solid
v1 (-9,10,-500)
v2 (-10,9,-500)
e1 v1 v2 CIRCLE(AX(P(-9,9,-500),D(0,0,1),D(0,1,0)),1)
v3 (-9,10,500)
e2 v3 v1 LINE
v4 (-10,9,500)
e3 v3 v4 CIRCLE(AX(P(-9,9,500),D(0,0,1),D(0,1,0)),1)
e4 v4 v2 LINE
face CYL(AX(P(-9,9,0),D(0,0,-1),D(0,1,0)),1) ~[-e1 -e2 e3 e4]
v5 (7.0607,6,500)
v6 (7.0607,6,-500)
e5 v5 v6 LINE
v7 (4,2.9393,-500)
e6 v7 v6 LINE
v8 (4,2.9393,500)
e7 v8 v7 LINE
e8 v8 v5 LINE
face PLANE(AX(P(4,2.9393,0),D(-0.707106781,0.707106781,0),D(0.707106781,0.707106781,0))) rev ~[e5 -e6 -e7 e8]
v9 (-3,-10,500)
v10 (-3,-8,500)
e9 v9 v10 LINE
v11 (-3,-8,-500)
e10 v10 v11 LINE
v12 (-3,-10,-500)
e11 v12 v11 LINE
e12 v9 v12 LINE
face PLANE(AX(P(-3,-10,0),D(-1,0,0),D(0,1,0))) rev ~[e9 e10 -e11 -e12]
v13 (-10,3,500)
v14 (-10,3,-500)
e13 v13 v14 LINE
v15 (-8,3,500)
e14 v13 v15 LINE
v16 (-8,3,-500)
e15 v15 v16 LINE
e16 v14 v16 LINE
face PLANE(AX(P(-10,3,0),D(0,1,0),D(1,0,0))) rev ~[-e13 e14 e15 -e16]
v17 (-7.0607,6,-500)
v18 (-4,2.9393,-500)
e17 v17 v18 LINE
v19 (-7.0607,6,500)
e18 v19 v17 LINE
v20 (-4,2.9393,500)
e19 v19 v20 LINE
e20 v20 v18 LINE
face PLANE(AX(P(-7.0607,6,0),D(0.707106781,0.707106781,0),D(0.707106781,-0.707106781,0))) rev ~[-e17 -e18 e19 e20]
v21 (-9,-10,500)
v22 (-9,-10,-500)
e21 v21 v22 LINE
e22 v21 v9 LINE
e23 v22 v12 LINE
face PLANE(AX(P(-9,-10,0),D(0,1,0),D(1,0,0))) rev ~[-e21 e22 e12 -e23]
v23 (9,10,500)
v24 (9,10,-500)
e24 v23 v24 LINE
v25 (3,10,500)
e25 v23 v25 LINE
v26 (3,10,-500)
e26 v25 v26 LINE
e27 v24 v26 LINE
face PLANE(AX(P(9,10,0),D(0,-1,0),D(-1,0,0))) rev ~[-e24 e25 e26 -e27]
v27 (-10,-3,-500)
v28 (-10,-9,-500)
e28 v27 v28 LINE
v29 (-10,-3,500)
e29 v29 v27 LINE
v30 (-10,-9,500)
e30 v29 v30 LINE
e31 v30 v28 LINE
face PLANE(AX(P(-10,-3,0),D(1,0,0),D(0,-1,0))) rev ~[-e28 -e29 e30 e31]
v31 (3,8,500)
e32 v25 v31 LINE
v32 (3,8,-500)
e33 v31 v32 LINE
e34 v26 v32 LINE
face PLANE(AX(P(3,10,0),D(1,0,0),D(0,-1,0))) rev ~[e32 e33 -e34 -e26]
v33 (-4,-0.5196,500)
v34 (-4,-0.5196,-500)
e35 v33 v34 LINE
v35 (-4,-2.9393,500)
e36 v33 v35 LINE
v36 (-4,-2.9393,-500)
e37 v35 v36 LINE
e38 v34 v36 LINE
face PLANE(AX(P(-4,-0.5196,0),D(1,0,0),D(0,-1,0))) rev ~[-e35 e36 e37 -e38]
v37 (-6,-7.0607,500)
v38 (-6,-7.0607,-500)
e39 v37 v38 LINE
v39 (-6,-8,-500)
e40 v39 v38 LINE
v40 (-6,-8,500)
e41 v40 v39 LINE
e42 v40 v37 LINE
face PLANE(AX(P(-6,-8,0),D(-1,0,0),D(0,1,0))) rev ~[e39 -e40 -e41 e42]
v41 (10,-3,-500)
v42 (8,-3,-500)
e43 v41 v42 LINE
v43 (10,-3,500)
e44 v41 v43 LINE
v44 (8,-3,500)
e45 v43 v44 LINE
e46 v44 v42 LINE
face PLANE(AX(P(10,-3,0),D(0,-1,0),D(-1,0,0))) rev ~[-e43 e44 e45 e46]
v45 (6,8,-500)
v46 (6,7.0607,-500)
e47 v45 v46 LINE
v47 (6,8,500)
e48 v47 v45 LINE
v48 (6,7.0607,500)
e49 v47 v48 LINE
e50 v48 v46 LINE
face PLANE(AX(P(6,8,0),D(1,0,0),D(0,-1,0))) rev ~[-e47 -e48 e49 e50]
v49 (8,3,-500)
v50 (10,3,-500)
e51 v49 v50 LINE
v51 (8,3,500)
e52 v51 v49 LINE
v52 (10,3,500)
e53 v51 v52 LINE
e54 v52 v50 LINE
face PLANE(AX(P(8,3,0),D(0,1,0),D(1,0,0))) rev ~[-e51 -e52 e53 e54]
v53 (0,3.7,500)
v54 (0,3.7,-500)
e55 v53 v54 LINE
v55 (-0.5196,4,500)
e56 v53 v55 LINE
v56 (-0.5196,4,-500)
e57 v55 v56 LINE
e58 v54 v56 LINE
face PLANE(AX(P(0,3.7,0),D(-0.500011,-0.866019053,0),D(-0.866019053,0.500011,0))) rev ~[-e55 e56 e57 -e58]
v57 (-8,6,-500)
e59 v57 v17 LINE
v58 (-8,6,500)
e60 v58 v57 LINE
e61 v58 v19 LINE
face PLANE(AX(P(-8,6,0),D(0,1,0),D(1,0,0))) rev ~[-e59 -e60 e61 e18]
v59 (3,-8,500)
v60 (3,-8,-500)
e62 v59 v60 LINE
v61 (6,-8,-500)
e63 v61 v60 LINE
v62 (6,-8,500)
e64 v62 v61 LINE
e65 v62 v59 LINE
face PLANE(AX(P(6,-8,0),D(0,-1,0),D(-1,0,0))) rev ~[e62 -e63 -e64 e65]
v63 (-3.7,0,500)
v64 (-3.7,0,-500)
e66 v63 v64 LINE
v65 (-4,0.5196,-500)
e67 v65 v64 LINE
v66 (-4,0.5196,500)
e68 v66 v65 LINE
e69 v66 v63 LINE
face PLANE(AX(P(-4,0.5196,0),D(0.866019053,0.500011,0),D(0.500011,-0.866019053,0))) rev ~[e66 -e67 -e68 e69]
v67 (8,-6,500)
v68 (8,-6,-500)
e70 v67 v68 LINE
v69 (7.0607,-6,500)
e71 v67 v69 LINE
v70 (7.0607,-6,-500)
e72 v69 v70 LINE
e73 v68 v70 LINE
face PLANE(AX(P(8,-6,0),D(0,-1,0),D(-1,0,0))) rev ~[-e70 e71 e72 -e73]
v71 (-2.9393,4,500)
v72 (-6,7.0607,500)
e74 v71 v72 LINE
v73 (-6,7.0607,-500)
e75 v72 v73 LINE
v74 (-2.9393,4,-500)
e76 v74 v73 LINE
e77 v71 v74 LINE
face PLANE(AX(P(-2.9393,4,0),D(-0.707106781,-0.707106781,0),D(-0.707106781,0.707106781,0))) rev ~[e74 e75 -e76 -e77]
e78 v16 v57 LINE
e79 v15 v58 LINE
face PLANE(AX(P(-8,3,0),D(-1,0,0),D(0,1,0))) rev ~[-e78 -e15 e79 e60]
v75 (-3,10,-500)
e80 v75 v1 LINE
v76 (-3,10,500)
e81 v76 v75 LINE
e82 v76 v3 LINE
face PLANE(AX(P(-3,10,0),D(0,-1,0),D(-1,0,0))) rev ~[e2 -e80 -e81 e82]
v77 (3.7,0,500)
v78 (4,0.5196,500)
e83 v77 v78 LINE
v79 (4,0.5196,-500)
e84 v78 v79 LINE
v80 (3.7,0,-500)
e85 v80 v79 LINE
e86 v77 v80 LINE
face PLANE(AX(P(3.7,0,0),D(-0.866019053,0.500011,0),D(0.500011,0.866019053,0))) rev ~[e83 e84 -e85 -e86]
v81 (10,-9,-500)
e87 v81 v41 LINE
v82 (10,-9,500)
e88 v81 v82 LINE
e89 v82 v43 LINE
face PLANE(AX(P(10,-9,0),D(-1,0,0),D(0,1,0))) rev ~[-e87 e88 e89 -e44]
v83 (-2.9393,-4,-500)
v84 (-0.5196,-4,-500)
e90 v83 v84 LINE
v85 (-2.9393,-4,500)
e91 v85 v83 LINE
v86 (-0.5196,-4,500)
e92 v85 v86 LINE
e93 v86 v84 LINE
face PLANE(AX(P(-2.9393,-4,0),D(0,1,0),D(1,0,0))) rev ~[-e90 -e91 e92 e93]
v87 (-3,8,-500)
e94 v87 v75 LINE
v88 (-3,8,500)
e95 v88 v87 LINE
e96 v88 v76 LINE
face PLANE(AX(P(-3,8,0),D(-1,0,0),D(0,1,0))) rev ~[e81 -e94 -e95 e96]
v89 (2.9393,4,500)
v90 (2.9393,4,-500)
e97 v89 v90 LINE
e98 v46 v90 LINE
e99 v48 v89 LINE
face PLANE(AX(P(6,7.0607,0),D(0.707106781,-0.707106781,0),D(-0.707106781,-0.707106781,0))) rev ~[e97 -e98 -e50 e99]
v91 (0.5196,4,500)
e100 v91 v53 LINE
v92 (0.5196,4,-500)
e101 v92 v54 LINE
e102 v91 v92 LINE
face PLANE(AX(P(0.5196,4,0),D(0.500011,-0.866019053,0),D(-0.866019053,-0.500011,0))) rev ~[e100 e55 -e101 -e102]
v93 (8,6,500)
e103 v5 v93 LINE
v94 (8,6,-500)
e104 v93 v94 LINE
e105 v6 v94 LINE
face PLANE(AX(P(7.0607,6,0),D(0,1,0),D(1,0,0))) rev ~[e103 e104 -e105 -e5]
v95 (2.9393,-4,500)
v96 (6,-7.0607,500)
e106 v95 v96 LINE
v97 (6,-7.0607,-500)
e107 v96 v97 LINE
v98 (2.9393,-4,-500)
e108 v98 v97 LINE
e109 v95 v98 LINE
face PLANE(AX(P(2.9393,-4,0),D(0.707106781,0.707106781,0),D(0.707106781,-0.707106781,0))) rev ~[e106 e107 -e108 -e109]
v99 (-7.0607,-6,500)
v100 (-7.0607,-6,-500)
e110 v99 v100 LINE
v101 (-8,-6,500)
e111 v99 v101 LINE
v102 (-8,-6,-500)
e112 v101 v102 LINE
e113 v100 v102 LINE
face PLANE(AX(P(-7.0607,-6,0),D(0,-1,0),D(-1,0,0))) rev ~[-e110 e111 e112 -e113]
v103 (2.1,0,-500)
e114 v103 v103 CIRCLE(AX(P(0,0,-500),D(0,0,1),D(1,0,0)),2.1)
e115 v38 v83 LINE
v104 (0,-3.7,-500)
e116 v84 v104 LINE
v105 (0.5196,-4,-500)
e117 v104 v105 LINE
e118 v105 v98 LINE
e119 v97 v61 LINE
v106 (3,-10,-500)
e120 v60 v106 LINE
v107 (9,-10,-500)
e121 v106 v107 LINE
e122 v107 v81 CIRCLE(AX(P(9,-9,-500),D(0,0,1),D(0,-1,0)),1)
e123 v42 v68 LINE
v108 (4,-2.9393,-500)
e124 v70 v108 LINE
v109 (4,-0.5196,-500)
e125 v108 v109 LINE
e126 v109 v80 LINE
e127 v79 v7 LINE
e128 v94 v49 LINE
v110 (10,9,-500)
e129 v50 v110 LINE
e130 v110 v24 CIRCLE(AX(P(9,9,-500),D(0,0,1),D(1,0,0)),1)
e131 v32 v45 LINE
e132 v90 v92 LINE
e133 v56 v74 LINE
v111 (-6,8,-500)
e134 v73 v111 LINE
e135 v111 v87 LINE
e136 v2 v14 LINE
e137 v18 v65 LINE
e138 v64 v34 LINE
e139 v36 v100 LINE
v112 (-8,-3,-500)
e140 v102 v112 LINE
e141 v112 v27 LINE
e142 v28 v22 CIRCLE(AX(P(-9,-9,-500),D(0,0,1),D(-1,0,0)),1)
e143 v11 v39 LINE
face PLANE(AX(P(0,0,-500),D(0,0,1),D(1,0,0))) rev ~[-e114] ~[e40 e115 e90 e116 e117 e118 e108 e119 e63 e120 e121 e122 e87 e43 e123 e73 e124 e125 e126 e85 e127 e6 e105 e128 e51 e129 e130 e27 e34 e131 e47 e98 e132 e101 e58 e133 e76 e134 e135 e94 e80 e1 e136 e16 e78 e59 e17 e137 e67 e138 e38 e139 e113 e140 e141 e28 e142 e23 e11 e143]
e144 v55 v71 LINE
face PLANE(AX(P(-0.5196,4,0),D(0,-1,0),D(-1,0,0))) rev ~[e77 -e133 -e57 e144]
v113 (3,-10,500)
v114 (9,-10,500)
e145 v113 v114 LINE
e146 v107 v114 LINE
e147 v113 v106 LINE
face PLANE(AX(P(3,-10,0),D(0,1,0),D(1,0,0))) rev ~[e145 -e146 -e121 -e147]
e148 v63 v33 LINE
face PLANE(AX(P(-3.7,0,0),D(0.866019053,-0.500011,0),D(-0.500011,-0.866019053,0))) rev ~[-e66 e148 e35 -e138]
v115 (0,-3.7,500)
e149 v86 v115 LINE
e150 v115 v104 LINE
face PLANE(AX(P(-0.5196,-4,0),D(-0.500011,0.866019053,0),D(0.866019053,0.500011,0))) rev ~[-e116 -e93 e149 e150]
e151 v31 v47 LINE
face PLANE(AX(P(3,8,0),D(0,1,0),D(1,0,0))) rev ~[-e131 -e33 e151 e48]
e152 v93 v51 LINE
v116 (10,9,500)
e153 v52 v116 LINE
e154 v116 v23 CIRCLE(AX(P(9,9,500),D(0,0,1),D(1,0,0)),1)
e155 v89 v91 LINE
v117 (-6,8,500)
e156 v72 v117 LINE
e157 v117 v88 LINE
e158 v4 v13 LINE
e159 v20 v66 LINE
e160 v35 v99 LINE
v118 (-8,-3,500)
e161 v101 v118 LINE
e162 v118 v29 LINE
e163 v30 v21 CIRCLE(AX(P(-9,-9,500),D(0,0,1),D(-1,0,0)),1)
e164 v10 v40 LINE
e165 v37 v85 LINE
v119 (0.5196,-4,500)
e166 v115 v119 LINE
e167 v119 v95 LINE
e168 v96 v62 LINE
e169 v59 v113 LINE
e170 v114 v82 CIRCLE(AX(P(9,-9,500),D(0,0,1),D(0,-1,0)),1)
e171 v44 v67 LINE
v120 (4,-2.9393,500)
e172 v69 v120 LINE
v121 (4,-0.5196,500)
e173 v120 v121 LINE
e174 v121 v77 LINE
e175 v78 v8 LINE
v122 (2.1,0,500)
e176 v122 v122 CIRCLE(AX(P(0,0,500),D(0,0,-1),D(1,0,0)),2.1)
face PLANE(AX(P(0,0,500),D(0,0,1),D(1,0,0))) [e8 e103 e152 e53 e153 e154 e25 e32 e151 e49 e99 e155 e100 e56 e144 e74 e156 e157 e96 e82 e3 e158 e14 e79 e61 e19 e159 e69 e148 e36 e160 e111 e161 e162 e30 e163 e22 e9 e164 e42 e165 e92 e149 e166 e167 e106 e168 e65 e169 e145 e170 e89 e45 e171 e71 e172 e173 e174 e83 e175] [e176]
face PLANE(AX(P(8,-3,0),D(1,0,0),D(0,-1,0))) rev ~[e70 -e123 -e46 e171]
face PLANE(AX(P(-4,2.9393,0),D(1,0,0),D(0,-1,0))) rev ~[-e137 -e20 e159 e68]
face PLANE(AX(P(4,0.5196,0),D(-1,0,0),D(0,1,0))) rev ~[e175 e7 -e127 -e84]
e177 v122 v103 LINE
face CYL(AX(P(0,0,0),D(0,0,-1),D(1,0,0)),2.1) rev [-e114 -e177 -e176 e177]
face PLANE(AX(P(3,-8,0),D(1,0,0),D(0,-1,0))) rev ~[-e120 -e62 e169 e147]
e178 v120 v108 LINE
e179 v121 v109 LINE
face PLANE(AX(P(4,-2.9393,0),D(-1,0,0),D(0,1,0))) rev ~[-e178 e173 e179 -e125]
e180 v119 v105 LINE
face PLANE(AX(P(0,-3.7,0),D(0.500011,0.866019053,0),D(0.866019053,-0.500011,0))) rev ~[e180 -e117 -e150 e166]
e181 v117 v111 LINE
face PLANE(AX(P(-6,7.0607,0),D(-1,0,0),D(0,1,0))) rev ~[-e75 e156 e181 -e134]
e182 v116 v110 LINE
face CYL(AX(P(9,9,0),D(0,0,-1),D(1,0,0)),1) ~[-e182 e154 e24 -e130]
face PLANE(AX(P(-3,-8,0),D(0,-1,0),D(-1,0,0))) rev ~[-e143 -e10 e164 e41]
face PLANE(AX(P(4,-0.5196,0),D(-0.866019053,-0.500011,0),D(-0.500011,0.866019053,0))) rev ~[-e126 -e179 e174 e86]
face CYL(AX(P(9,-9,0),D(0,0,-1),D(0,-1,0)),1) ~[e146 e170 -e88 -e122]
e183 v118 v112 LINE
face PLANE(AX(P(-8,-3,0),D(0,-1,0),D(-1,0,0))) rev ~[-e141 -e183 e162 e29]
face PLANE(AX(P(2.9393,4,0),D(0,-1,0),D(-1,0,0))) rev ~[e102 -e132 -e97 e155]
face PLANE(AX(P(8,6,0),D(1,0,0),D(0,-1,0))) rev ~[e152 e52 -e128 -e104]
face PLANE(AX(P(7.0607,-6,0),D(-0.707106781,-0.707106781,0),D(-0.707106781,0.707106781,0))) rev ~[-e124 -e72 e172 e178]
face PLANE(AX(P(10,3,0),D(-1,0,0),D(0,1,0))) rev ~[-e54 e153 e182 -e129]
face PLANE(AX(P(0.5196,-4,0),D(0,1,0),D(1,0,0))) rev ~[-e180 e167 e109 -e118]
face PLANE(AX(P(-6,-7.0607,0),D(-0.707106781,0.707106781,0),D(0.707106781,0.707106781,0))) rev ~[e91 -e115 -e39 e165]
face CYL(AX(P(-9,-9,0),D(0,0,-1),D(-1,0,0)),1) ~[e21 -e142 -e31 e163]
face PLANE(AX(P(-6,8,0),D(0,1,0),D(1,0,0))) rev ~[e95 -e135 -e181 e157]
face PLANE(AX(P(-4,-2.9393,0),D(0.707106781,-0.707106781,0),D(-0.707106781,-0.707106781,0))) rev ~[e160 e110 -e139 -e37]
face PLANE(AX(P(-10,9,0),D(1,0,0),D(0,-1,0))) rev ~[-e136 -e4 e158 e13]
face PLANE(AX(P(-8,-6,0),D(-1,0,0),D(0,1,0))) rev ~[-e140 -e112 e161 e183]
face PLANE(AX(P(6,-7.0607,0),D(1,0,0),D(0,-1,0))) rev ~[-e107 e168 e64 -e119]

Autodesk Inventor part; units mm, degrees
ref_plane "YZ Plane" through (0, 0, 0) normal (1, 0, 0) x (0, 1, 0)
ref_plane "XZ Plane" through (0, 0, 0) normal (0, 1, 0) x (-1, 0, 0)
ref_plane "XY Plane" through (0, 0, 0) normal (0, 0, 1) x (1, 0, 0)
sketch "Sketch1" plane through (0, 0, 0) normal (0, 0, 1) x (1, 0, 0)
  line L0 (-2.205, 0) -> (2.205, 0)
  line L1 (0, -2.205) -> (0, 2.205)
  arc A0 (9, -10) -> (10, -9) centre (9, -9) ccw
  line L2 (-10, 9) -> (-10, 3)
  line L3 (-10, 3) -> (-8, 3)
  line L4 (-8, 3) -> (-8, 6)
  line L5 (-8, 6) -> (-7.0607, 6)
  line L6 (-7.0607, 6) -> (-4, 2.9393)
  line L7 (-4, 2.9393) -> (-4, 0.5196)
  line L8 (-4, 0.5196) -> (-3.7, 0)
  line L9 (-3.7, 0) -> (-4, -0.5196)
  line L10 (-4, -0.5196) -> (-4, -2.9393)
  line L11 (-4, -2.9393) -> (-7.0607, -6)
  line L12 (-7.0607, -6) -> (-8, -6)
  line L13 (-8, -6) -> (-8, -3)
  line L14 (-8, -3) -> (-10, -3)
  line L15 (-10, -3) -> (-10, -9)
  arc A1 (-10, -9) -> (-9, -10) centre (-9, -9) ccw
  line L16 (-9, -10) -> (-3, -10)
  line L17 (-3, -10) -> (-3, -8)
  line L18 (-3, -8) -> (-6, -8)
  line L19 (-6, -7.0607) -> (-2.9393, -4)
  line L20 (-2.9393, -4) -> (-0.5196, -4)
  line L21 (-0.5196, -4) -> (0, -3.7)
  line L22 (0, -3.7) -> (0.5196, -4)
  line L23 (0.5196, -4) -> (2.9393, -4)
  line L24 (2.9393, -4) -> (6, -7.0607)
  line L25 (6, -7.0607) -> (6, -8)
  line L26 (6, -8) -> (3, -8)
  line L27 (3, -8) -> (3, -10)
  line L28 (3, -10) -> (9, -10)
  line L29 (10, -9) -> (10, -3)
  line L30 (10, -3) -> (8, -3)
  line L31 (8, -3) -> (8, -6)
  line L32 (8, -6) -> (7.0607, -6)
  line L33 (7.0607, -6) -> (4, -2.9393)
  line L34 (4, -2.9393) -> (4, -0.5196)
  line L35 (4, -0.5196) -> (3.7, 0)
  line L36 (3.7, 0) -> (4, 0.5196)
  line L37 (4, 0.5196) -> (4, 2.9393)
  line L38 (4, 2.9393) -> (7.0607, 6)
  line L39 (7.0607, 6) -> (8, 6)
  line L40 (8, 6) -> (8, 3)
  line L41 (8, 3) -> (10, 3)
  line L42 (10, 3) -> (10, 9)
  arc A2 (10, 9) -> (9, 10) centre (9, 9) ccw
  line L43 (9, 10) -> (3, 10)
  line L44 (3, 10) -> (3, 8)
  line L45 (3, 8) -> (6, 8)
  line L46 (6, 8) -> (6, 7.0607)
  line L47 (6, 7.0607) -> (2.9393, 4)
  line L48 (2.9393, 4) -> (0.5196, 4)
  line L49 (0.5196, 4) -> (0, 3.7)
  line L50 (0, 3.7) -> (-0.5196, 4)
  line L51 (-0.5196, 4) -> (-2.9393, 4)
  line L52 (-2.9393, 4) -> (-6, 7.0607)
  line L53 (-6, 7.0607) -> (-6, 8)
  line L54 (-6, 8) -> (-3, 8)
  line L55 (-3, 8) -> (-3, 10)
  line L56 (-3, 10) -> (-9, 10)
  arc A3 (-9, 10) -> (-10, 9) centre (-9, 9) ccw
  circle A4 centre (0, 0) radius 2.1
  line L57 (-6, -8) -> (-6, -7.0607)
extrude "Extrusion1" add sketch "Sketch1" along normal mid plane 1000
properties part number "HFS5-2020" material "Aluminum 6061"
